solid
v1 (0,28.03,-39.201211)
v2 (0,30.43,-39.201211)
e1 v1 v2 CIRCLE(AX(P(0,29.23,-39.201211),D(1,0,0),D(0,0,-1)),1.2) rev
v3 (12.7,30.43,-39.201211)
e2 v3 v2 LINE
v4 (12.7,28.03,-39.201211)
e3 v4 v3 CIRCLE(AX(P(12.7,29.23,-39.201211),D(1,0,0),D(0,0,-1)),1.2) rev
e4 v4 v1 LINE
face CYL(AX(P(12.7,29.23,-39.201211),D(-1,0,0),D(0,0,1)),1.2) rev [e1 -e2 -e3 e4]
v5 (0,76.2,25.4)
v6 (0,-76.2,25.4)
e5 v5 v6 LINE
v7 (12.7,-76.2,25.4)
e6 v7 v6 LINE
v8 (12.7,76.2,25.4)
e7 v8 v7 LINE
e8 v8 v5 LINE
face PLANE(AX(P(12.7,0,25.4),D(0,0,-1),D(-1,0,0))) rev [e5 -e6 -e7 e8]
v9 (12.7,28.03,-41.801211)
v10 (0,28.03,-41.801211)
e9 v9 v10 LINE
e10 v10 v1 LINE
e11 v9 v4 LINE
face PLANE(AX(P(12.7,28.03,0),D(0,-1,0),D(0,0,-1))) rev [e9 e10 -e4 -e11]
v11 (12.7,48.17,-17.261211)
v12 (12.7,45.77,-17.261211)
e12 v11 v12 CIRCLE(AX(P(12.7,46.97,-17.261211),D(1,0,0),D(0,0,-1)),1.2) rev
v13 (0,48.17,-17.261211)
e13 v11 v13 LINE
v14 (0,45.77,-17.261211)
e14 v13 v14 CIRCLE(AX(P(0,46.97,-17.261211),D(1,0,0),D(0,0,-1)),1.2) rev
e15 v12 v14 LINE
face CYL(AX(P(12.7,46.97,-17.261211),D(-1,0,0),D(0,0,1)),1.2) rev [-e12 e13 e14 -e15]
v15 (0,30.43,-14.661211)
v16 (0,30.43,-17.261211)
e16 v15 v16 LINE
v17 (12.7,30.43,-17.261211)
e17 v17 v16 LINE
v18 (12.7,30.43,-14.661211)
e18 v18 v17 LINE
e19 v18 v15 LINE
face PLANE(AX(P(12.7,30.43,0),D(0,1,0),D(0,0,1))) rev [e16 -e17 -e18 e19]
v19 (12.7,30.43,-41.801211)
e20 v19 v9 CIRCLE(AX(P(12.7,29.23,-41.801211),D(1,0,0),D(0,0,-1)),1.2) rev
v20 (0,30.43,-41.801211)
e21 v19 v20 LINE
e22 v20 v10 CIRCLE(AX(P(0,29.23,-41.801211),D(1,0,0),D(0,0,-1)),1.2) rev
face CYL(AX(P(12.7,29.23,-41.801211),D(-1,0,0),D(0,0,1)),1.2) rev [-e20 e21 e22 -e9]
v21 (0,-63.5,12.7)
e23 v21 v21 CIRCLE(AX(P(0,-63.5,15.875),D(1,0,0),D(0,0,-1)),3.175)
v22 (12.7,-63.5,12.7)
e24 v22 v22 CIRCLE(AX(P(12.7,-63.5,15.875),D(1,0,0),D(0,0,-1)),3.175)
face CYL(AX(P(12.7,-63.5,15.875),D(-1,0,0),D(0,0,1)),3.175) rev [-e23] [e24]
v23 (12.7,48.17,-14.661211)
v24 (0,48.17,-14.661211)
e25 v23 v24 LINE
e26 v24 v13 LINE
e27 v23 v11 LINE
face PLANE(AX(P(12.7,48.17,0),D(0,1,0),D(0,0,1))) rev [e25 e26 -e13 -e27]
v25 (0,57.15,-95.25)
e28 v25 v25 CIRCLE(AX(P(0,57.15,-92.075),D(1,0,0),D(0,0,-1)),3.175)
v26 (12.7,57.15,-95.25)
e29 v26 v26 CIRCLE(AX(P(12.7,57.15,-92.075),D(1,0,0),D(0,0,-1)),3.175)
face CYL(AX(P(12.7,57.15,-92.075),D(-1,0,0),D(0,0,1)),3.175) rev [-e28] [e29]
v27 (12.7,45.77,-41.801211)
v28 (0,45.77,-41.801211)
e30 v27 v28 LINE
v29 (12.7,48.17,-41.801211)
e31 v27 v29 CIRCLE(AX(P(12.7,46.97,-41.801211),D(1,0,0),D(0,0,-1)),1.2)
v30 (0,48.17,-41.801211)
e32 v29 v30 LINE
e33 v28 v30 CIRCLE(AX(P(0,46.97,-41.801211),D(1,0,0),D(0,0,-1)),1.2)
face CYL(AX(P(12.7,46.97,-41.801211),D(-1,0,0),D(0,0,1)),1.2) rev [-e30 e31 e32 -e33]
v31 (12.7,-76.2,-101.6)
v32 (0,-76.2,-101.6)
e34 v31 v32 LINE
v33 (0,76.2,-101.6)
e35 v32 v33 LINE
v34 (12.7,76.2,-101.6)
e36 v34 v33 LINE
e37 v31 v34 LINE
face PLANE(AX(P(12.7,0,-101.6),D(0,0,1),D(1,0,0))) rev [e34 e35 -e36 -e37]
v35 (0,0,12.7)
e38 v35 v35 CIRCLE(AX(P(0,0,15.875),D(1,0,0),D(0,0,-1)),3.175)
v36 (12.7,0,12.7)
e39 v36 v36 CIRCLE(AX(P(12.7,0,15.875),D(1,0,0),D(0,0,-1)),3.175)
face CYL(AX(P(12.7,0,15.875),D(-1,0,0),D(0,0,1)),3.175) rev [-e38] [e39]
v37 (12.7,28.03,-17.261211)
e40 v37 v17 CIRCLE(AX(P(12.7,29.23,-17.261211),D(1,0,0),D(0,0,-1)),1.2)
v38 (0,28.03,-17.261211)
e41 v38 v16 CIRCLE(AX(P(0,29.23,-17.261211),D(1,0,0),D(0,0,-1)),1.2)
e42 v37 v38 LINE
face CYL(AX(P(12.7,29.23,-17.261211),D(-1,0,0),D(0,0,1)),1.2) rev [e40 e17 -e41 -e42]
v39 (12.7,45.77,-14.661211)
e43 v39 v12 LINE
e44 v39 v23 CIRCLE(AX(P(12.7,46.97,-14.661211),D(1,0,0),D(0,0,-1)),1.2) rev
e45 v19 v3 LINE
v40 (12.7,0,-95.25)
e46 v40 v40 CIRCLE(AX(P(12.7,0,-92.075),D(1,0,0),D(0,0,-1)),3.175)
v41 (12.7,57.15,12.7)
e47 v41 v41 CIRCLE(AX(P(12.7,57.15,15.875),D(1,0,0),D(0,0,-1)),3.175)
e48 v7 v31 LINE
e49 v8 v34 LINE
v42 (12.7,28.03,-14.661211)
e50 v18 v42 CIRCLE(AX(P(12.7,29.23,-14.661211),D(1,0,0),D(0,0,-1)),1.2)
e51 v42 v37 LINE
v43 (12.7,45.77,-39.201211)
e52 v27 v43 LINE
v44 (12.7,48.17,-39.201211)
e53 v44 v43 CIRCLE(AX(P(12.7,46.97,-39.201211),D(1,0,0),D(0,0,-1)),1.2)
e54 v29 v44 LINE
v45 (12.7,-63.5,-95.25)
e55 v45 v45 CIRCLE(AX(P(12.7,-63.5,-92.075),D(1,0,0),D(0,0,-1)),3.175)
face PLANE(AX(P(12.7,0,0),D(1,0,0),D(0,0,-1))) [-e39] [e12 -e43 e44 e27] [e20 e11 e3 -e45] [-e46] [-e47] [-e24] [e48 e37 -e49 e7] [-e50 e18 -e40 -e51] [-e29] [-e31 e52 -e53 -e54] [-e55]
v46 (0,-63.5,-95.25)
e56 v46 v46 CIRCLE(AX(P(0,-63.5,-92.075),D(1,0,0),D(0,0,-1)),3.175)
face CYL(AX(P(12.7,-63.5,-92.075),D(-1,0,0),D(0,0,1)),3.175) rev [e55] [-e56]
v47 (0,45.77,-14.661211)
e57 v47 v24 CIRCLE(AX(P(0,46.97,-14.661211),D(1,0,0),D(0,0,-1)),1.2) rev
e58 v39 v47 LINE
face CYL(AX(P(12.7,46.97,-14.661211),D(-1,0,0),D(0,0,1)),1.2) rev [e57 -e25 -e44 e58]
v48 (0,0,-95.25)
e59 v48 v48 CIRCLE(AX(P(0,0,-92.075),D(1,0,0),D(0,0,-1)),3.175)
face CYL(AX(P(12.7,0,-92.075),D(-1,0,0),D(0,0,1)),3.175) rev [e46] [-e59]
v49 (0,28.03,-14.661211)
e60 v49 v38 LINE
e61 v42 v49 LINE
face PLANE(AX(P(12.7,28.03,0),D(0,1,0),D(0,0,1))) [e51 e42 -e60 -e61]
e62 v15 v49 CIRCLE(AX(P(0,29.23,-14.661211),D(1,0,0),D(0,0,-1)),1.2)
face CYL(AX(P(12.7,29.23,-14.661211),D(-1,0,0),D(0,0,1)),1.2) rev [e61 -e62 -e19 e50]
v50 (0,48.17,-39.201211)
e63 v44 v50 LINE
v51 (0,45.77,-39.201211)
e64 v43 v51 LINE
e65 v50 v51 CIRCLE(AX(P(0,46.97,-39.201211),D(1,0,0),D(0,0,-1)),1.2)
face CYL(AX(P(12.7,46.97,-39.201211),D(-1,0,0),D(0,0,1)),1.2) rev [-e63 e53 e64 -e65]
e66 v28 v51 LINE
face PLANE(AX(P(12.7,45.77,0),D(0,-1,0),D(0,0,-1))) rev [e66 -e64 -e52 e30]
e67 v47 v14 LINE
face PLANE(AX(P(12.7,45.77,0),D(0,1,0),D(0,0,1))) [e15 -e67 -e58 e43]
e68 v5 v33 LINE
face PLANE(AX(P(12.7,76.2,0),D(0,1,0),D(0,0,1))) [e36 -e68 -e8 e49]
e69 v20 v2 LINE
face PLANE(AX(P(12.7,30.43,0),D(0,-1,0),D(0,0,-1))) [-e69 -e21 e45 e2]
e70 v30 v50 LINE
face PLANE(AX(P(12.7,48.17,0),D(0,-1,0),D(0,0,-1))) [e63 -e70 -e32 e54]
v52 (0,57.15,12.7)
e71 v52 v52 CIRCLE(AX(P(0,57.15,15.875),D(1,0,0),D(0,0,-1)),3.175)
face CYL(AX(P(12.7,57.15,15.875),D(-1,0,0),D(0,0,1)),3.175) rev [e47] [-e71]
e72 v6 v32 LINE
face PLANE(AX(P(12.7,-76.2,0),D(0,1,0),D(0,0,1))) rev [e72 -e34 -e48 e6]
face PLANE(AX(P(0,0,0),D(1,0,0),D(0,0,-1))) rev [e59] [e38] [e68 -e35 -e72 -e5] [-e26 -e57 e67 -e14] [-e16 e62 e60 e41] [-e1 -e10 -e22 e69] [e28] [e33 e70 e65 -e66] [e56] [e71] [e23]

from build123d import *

# Parameters (mm, degrees)
SKETCH1_W           = 127
SKETCH1_H           = 152.4
SKETCH1_R           = 3.175
BOSS_EXTRUDE1_DEPTH = 12.7


with BuildPart() as part:
    # Sketch1 → Boss-Extrude1 (new body)
    with BuildSketch(Plane(origin=(0, 0, 0), x_dir=(0, 0, -1), z_dir=(1, 0, 0))):
        with Locations((38.1, 0)):
            Rectangle(SKETCH1_W, SKETCH1_H)
        with Locations((-15.875, 57.15)):
            Circle(SKETCH1_R, mode=Mode.SUBTRACT)
        with Locations((-15.875, 0)):
            Circle(SKETCH1_R, mode=Mode.SUBTRACT)
        with Locations((92.075, 57.15)):
            Circle(SKETCH1_R, mode=Mode.SUBTRACT)
        with Locations((92.075, 0)):
            Circle(SKETCH1_R, mode=Mode.SUBTRACT)
        with Locations((-15.875, -63.5)):
            Circle(SKETCH1_R, mode=Mode.SUBTRACT)
        with Locations((92.075, -63.5)):
            Circle(SKETCH1_R, mode=Mode.SUBTRACT)
        with BuildLine():
            ThreePointArc((17.261210647, 30.43), (18.461210647, 29.23), (17.261210647, 28.03))
            Line((17.261210647, 28.03), (14.661210647, 28.03))
            ThreePointArc((14.661210647, 28.03), (13.461210647, 29.23), (14.661210647, 30.43))
            Line((14.661210647, 30.43), (17.261210647, 30.43))
        make_face(mode=Mode.SUBTRACT)
        with BuildLine():
            Line((41.801210647, 28.03), (39.201210647, 28.03))
            ThreePointArc((39.201210647, 28.03), (38.001210647, 29.23), (39.201210647, 30.43))
            Line((39.201210647, 30.43), (41.801210647, 30.43))
            ThreePointArc((41.801210647, 30.43), (43.001210647, 29.23), (41.801210647, 28.03))
        make_face(mode=Mode.SUBTRACT)
        with BuildLine():
            ThreePointArc((39.201210647, 45.77), (38.001210647, 46.97), (39.201210647, 48.17))
            Line((39.201210647, 48.17), (41.801210647, 48.17))
            ThreePointArc((41.801210647, 48.17), (43.001210647, 46.97), (41.801210647, 45.77))
            Line((41.801210647, 45.77), (39.201210647, 45.77))
        make_face(mode=Mode.SUBTRACT)
        with BuildLine():
            Line((14.661210647, 48.17), (17.261210647, 48.17))
            ThreePointArc((17.261210647, 48.17), (18.461210647, 46.97), (17.261210647, 45.77))
            Line((17.261210647, 45.77), (14.661210647, 45.77))
            ThreePointArc((14.661210647, 45.77), (13.461210647, 46.97), (14.661210647, 48.17))
        make_face(mode=Mode.SUBTRACT)
    extrude(amount=BOSS_EXTRUDE1_DEPTH)


solid = part.part
